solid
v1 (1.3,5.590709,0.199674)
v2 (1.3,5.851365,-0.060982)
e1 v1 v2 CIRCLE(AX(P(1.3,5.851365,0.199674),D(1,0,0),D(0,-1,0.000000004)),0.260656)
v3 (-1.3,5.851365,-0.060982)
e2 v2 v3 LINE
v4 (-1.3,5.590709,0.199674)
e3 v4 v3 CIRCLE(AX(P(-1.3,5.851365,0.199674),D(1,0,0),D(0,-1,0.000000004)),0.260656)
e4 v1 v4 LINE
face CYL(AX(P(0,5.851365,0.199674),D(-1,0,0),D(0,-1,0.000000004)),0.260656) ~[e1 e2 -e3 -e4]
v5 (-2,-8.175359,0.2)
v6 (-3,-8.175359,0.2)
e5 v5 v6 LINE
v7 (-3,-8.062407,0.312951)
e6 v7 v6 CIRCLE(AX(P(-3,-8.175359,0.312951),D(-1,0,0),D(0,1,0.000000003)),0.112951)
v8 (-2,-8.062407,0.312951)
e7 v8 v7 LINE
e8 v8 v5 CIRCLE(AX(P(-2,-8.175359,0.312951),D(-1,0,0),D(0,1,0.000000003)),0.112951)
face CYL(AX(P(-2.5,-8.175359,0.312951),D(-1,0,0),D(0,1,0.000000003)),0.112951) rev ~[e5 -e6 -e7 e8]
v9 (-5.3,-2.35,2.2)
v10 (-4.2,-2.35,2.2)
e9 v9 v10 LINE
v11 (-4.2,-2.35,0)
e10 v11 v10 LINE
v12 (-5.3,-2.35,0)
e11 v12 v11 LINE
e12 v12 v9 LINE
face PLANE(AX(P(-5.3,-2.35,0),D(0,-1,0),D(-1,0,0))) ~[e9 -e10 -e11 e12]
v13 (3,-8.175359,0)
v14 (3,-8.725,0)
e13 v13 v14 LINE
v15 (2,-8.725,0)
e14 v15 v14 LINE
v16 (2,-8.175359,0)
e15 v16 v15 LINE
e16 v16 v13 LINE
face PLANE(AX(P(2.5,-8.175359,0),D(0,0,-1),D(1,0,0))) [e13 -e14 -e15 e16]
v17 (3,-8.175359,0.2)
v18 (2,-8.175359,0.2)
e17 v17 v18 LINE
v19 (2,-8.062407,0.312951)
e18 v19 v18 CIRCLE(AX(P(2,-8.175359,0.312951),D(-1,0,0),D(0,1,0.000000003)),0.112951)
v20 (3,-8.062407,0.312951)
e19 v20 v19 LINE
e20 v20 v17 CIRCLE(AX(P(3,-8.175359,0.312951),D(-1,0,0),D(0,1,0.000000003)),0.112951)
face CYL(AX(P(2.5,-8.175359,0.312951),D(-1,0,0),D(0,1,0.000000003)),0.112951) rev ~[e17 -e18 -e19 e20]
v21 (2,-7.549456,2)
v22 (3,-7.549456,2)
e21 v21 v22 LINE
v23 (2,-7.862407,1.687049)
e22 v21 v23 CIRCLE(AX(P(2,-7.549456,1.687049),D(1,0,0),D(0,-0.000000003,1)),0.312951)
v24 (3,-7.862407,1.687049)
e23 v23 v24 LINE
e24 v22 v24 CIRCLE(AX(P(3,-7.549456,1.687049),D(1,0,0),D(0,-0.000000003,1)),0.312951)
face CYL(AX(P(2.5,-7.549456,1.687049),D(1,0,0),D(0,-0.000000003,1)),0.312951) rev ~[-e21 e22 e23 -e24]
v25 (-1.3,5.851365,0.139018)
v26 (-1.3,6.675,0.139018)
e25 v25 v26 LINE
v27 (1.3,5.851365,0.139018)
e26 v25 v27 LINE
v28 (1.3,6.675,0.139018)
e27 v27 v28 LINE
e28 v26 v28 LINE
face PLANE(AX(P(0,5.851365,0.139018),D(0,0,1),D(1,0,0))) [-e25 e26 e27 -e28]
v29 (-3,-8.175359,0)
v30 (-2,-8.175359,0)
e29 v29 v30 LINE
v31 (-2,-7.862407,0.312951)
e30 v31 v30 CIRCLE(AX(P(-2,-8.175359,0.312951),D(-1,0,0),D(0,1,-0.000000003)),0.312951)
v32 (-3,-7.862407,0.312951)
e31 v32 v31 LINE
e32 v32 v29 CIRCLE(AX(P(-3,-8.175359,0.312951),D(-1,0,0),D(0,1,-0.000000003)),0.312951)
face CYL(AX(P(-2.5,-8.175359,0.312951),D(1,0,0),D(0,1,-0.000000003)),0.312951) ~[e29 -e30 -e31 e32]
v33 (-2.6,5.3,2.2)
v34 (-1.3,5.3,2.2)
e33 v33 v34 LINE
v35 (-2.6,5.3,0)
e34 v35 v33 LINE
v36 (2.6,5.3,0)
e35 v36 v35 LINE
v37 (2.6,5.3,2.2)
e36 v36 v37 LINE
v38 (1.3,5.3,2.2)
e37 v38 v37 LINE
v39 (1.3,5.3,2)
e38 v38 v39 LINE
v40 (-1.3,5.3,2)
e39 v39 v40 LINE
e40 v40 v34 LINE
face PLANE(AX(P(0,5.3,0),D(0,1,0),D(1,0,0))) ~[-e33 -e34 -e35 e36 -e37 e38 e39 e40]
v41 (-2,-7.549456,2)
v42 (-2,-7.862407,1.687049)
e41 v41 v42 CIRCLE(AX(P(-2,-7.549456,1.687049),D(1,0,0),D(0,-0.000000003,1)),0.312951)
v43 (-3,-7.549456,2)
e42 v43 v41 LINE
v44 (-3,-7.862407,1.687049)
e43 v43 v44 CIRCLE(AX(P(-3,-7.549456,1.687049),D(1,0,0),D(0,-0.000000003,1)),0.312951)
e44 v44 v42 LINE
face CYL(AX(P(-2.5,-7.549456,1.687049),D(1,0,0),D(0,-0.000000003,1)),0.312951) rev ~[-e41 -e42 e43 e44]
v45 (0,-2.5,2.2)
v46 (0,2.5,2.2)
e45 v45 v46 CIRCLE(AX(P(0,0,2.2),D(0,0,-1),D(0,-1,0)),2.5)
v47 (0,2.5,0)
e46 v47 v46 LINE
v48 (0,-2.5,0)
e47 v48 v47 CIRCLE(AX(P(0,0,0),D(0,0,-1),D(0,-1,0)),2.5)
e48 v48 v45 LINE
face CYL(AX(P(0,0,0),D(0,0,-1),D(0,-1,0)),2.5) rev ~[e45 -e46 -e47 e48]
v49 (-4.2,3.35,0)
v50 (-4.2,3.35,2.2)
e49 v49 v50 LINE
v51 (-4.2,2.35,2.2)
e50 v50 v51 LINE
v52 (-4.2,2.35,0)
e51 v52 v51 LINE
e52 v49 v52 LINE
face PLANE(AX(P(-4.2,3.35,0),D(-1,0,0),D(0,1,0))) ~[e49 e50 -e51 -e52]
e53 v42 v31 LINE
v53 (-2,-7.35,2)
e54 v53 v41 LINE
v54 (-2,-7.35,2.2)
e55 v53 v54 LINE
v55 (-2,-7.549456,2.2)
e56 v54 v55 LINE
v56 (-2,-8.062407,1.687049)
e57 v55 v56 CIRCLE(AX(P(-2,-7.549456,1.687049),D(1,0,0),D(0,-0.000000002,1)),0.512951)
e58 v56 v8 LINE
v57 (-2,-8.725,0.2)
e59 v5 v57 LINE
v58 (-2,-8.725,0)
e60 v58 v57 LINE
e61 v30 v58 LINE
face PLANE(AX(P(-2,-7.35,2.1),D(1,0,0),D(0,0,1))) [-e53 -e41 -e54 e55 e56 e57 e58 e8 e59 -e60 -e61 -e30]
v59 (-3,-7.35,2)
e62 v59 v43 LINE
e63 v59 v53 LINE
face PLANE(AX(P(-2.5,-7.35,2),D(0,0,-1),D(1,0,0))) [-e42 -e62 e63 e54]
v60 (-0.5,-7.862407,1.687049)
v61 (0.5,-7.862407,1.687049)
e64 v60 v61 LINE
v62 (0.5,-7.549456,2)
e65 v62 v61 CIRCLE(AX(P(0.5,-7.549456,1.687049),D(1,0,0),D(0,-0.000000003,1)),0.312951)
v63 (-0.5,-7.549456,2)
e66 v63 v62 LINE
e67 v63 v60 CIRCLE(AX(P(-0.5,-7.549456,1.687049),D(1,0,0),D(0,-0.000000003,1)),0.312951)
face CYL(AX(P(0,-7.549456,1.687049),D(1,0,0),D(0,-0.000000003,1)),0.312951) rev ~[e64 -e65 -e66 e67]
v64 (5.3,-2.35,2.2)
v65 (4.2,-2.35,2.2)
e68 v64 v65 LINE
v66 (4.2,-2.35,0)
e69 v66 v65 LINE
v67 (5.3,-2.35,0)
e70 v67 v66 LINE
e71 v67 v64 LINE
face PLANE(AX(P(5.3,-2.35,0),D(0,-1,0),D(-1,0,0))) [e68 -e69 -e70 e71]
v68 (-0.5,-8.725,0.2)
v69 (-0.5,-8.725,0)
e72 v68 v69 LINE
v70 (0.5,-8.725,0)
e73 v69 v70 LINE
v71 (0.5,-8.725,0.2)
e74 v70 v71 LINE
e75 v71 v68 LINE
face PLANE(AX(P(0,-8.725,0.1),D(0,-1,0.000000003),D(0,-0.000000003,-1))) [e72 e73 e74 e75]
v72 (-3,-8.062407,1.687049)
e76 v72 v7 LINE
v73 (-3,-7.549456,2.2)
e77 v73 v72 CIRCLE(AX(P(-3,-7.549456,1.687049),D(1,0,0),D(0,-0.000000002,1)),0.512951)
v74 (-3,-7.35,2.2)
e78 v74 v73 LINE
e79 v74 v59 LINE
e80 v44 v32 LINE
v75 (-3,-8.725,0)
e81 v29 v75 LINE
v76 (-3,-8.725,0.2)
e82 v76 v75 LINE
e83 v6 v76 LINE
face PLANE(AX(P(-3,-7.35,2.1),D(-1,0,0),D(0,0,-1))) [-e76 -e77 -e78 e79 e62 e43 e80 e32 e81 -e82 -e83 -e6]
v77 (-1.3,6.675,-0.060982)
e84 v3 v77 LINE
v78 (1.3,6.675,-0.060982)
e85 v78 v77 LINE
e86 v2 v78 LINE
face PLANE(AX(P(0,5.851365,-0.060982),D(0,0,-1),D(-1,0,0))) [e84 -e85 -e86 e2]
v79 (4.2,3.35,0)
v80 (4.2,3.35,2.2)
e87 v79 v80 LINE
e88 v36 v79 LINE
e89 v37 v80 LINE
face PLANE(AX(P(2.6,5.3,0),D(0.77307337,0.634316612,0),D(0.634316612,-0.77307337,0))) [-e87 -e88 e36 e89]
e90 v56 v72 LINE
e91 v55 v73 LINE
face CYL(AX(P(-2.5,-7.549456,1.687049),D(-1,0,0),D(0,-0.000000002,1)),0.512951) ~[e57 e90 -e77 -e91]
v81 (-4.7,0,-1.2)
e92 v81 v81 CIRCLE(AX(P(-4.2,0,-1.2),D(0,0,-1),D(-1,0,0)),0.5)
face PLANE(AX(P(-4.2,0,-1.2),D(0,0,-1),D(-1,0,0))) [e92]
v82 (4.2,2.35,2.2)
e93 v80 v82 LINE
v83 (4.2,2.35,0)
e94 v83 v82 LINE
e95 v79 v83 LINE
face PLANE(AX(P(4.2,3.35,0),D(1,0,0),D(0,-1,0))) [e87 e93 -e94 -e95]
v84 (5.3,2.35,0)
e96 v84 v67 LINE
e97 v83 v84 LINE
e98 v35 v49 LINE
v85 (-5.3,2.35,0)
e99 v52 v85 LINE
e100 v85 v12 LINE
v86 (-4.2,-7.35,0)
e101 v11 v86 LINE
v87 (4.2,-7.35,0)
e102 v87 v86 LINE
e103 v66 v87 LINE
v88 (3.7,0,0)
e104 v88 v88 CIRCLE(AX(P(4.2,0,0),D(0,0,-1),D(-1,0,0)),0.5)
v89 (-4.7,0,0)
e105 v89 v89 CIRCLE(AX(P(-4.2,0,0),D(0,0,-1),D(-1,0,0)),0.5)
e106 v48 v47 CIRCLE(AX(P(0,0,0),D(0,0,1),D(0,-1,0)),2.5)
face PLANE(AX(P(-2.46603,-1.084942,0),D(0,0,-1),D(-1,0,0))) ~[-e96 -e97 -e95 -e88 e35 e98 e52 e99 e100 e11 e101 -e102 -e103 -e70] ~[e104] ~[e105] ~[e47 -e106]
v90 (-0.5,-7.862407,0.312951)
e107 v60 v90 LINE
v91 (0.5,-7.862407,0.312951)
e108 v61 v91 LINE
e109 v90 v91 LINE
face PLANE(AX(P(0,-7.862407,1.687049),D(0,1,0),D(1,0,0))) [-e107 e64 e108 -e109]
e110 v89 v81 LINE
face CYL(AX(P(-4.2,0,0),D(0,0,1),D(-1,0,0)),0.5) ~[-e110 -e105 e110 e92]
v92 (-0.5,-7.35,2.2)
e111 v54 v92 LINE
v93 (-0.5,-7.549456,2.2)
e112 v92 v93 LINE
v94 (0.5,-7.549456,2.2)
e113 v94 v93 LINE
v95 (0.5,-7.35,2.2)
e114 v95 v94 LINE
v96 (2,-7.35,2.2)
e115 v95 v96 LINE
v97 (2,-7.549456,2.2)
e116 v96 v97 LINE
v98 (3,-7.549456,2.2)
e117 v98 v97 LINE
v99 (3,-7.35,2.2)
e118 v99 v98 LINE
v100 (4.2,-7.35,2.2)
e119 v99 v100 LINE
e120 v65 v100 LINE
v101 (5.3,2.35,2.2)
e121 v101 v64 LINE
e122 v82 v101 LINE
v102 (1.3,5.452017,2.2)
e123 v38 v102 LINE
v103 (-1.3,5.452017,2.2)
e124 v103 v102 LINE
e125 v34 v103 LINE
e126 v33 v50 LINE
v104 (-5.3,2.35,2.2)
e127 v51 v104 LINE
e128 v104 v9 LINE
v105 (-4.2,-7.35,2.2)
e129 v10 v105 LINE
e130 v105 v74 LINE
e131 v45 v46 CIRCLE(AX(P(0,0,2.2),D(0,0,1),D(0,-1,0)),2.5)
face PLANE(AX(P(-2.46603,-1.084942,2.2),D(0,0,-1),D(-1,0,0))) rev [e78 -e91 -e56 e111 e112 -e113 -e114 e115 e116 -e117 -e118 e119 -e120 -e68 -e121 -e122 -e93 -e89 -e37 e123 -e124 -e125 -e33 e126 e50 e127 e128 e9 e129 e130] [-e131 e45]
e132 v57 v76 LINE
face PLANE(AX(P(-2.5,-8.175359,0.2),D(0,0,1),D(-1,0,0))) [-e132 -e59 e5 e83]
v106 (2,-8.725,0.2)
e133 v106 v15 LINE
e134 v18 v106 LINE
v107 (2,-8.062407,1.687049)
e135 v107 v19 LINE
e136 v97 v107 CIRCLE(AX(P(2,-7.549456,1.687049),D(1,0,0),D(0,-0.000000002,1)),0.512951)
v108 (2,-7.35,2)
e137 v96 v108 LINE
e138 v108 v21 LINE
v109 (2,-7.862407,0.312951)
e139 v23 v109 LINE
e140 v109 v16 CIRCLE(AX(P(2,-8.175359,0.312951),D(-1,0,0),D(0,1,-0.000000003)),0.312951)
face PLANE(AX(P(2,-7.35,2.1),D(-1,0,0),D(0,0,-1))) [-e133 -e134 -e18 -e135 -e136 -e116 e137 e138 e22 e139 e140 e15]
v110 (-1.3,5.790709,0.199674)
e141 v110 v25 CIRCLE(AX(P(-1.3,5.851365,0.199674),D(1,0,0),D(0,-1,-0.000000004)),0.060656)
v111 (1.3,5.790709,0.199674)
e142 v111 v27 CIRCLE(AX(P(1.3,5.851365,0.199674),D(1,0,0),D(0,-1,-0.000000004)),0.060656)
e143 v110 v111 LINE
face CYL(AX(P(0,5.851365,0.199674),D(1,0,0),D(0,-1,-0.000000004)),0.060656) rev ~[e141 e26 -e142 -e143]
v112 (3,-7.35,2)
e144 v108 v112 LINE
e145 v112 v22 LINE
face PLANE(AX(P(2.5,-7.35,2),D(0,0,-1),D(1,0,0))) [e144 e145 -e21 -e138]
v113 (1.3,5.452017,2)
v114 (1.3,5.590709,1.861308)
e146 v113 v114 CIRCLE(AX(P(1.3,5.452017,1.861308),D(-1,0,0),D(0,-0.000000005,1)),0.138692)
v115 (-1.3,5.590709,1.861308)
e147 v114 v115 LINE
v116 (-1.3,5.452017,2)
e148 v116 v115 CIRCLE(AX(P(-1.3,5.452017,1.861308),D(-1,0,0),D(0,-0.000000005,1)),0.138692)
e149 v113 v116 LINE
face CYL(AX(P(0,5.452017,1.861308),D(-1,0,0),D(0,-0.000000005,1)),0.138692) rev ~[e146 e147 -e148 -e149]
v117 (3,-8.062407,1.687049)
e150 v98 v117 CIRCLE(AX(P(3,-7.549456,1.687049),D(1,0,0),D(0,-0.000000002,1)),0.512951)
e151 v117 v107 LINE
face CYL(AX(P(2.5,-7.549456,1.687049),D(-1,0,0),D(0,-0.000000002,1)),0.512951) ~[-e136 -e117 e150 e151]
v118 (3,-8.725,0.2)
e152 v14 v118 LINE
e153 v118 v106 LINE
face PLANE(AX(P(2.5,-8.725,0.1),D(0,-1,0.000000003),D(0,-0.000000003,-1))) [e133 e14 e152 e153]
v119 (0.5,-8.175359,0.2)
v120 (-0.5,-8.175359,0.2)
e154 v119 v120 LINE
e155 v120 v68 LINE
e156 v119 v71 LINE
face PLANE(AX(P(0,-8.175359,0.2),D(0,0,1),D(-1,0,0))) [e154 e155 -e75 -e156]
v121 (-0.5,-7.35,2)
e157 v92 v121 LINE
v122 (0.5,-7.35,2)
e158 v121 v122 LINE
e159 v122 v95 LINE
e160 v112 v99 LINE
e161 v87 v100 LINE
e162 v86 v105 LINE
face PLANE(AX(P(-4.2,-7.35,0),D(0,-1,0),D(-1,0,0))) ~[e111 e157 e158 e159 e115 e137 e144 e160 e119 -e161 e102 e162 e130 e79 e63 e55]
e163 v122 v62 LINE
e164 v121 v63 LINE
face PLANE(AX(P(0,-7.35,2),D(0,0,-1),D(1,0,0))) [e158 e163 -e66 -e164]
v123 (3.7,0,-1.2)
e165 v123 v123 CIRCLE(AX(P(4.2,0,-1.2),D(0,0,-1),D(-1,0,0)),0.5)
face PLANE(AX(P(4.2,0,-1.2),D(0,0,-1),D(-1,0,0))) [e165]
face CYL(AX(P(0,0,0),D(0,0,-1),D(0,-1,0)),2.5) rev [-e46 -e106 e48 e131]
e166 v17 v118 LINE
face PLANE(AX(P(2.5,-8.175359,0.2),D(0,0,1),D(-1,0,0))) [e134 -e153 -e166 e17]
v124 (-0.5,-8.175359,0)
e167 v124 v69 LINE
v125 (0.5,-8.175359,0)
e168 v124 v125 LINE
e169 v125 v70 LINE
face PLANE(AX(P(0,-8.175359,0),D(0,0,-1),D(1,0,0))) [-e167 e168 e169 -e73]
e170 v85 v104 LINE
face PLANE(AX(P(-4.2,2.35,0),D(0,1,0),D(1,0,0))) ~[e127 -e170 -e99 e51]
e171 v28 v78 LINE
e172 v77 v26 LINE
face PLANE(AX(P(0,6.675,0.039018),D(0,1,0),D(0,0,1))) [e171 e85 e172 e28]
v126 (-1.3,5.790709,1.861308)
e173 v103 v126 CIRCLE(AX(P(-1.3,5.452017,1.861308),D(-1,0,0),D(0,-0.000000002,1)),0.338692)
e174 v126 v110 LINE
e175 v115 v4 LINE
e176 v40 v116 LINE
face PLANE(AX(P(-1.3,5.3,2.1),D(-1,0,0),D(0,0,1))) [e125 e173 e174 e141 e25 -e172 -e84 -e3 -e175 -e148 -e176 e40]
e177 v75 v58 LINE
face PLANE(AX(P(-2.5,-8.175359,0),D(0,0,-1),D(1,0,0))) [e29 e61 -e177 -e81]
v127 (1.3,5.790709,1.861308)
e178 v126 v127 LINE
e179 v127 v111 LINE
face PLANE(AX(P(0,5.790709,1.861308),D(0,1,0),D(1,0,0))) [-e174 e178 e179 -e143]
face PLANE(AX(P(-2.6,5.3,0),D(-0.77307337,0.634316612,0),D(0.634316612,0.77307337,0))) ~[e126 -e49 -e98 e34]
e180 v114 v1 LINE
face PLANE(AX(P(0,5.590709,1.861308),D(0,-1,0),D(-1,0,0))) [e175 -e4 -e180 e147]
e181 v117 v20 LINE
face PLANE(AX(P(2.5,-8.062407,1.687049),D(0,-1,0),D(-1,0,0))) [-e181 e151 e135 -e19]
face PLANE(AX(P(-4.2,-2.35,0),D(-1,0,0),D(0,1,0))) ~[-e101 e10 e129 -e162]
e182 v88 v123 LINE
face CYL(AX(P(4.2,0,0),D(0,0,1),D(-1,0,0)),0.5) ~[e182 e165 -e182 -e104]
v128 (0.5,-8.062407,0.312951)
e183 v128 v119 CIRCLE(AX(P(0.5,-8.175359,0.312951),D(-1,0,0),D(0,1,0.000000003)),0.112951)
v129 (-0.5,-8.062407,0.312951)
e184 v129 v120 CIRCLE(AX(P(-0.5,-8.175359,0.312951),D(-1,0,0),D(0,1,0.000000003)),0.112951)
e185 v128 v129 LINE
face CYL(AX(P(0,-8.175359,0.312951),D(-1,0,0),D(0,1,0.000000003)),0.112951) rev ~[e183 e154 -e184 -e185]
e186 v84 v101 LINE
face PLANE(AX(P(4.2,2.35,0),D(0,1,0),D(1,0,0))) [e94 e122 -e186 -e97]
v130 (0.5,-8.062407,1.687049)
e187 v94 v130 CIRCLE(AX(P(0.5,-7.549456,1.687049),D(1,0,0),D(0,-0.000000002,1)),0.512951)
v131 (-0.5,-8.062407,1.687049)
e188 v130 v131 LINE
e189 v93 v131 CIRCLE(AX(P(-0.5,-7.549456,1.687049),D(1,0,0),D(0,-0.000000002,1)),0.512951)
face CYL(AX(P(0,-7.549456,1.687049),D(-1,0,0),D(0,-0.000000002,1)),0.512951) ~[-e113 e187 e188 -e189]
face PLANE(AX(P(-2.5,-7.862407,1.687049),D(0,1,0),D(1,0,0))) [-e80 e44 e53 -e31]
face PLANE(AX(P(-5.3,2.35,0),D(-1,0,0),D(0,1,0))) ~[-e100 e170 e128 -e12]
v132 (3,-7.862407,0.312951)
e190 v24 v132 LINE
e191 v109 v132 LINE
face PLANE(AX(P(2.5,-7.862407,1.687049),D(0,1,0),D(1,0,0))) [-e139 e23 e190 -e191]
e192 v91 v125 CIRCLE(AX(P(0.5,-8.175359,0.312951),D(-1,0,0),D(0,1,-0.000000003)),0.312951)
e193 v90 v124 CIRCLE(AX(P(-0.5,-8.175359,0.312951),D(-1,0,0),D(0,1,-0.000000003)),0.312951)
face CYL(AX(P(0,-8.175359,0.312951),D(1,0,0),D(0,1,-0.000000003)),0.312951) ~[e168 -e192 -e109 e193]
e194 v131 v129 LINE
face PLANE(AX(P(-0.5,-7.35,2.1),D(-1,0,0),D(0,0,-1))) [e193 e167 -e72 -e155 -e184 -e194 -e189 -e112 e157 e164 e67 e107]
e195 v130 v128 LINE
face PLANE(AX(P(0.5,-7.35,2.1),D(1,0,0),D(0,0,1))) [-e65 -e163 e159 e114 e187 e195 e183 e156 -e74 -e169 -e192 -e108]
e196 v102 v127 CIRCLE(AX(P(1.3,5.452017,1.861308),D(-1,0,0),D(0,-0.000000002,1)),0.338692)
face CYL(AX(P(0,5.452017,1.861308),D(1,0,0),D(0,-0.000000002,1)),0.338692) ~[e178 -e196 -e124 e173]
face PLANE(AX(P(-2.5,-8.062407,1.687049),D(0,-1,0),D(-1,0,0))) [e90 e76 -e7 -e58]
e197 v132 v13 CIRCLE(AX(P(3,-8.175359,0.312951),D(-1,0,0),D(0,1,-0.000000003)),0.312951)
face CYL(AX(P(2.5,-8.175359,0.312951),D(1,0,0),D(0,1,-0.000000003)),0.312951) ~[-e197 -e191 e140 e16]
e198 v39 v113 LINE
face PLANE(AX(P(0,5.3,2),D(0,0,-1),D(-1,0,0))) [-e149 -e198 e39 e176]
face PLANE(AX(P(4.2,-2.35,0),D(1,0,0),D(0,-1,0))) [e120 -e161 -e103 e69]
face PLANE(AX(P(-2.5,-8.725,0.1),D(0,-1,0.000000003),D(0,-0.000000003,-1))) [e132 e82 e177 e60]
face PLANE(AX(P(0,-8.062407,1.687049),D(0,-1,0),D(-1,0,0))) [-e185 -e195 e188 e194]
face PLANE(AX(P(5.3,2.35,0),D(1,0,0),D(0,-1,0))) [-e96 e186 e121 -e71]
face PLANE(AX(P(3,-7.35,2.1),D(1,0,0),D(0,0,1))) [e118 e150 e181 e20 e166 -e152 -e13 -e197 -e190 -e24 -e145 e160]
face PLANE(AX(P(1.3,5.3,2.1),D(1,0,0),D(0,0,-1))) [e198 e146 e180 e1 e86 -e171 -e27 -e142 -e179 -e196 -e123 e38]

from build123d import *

# Parameters (mm, degrees)
BOSS_EXTRUDE1_DEPTH = 2.2
SKETCH2_W           = 1
SKETCH2_H           = 0.2
SKETCH4_W           = 2.6
SKETCH4_H           = 0.2
SKETCH6_R           = 0.5
BOSS_EXTRUDE2_DEPTH = 1.2


with BuildPart() as part:
    # Sketch1 → Boss-Extrude1 (new body)
    with BuildSketch(Plane.XY):
        with BuildLine():
            Line((0, 5.3), (2.6, 5.3))
            Line((2.6, 5.3), (4.2, 3.35))
            Line((4.2, 3.35), (4.2, 2.35))
            Line((4.2, 2.35), (5.3, 2.35))
            Line((5.3, 2.35), (5.3, -2.35))
            Line((5.3, -2.35), (4.2, -2.35))
            Line((4.2, -2.35), (4.2, -7.35))
            Line((4.2, -7.35), (0, -7.35))
            Line((0, -7.35), (0, -2.5))
            ThreePointArc((0, -2.5), (2.5, 0), (0, 2.5))
            Line((0, 2.5), (0, 5.3))
        make_face()
    boss_extrude1 = extrude(amount=BOSS_EXTRUDE1_DEPTH)

    # Mirror1: Boss-Extrude1 across plane
    add(boss_extrude1.mirror(Plane(origin=(0, -7.35, 2.2), x_dir=(0, 0, 1), z_dir=(1, 0, 0))))

    # Sweep1: sweep along a path in Sketch3
    with BuildLine(Plane(origin=(0, 0, 0), x_dir=(0, 0, -1), z_dir=(1, 0, 0))) as sweep1_path:
        Line((-2, -7.35), (-2, -7.549456001))
        ThreePointArc((-2, -7.549456001), (-1.908338682, -7.770745997), (-1.687048686, -7.862407315))
        Line((-1.687048686, -7.862407315), (-0.312951314, -7.862407315))
        ThreePointArc((-0.312951314, -7.862407315), (-0.091661318, -7.954068633), (0, -8.17535863))
        Line((0, -8.17535863), (0, -8.725))
    # Sketch2 → Sweep1 (sweep)
    with BuildSketch(Plane.XZ.offset(7.35)):
        with Locations((-2.5, 2.1)):
            Rectangle(SKETCH2_W, SKETCH2_H)
        with Locations((0, 2.1)):
            Rectangle(SKETCH2_W, SKETCH2_H)
        with Locations((2.5, 2.1)):
            Rectangle(SKETCH2_W, SKETCH2_H)
    sweep(path=sweep1_path.line)

    # Sweep2: sweep along a path in Sketch5
    with BuildLine(Plane(origin=(0, 0, 0), x_dir=(0, 0, -1), z_dir=(1, 0, 0))) as sweep2_path:
        Line((-2.060981918, 5.3), (-2.060981918, 5.452016603))
        ThreePointArc((-2.060981918, 5.452016603), (-2.002498709, 5.59320756), (-1.861307752, 5.651690769))
        Line((-1.861307752, 5.651690769), (-0.199674166, 5.651690769))
        ThreePointArc((-0.199674166, 5.651690769), (-0.058483209, 5.710173978), (0, 5.851364935))
        Line((0, 5.851364935), (0, 6.675))
    # Sketch4 → Sweep2 (sweep)
    with BuildSketch(Plane(origin=(0, 5.3, 0), x_dir=(1, 0, 0), z_dir=(0, 1, 0))):
        with Locations((0, -2.1)):
            Rectangle(SKETCH4_W, SKETCH4_H)
    sweep(path=sweep2_path.line)

    # Sketch6 → Boss-Extrude2 (add)
    with BuildSketch(Plane(origin=(0, 0, 0), x_dir=(-1, 0, 0), z_dir=(0, 0, -1))):
        with Locations((-4.2, 0)):
            Circle(SKETCH6_R)
        with Locations((4.2, 0)):
            Circle(SKETCH6_R)
    extrude(amount=BOSS_EXTRUDE2_DEPTH)


solid = part.part
